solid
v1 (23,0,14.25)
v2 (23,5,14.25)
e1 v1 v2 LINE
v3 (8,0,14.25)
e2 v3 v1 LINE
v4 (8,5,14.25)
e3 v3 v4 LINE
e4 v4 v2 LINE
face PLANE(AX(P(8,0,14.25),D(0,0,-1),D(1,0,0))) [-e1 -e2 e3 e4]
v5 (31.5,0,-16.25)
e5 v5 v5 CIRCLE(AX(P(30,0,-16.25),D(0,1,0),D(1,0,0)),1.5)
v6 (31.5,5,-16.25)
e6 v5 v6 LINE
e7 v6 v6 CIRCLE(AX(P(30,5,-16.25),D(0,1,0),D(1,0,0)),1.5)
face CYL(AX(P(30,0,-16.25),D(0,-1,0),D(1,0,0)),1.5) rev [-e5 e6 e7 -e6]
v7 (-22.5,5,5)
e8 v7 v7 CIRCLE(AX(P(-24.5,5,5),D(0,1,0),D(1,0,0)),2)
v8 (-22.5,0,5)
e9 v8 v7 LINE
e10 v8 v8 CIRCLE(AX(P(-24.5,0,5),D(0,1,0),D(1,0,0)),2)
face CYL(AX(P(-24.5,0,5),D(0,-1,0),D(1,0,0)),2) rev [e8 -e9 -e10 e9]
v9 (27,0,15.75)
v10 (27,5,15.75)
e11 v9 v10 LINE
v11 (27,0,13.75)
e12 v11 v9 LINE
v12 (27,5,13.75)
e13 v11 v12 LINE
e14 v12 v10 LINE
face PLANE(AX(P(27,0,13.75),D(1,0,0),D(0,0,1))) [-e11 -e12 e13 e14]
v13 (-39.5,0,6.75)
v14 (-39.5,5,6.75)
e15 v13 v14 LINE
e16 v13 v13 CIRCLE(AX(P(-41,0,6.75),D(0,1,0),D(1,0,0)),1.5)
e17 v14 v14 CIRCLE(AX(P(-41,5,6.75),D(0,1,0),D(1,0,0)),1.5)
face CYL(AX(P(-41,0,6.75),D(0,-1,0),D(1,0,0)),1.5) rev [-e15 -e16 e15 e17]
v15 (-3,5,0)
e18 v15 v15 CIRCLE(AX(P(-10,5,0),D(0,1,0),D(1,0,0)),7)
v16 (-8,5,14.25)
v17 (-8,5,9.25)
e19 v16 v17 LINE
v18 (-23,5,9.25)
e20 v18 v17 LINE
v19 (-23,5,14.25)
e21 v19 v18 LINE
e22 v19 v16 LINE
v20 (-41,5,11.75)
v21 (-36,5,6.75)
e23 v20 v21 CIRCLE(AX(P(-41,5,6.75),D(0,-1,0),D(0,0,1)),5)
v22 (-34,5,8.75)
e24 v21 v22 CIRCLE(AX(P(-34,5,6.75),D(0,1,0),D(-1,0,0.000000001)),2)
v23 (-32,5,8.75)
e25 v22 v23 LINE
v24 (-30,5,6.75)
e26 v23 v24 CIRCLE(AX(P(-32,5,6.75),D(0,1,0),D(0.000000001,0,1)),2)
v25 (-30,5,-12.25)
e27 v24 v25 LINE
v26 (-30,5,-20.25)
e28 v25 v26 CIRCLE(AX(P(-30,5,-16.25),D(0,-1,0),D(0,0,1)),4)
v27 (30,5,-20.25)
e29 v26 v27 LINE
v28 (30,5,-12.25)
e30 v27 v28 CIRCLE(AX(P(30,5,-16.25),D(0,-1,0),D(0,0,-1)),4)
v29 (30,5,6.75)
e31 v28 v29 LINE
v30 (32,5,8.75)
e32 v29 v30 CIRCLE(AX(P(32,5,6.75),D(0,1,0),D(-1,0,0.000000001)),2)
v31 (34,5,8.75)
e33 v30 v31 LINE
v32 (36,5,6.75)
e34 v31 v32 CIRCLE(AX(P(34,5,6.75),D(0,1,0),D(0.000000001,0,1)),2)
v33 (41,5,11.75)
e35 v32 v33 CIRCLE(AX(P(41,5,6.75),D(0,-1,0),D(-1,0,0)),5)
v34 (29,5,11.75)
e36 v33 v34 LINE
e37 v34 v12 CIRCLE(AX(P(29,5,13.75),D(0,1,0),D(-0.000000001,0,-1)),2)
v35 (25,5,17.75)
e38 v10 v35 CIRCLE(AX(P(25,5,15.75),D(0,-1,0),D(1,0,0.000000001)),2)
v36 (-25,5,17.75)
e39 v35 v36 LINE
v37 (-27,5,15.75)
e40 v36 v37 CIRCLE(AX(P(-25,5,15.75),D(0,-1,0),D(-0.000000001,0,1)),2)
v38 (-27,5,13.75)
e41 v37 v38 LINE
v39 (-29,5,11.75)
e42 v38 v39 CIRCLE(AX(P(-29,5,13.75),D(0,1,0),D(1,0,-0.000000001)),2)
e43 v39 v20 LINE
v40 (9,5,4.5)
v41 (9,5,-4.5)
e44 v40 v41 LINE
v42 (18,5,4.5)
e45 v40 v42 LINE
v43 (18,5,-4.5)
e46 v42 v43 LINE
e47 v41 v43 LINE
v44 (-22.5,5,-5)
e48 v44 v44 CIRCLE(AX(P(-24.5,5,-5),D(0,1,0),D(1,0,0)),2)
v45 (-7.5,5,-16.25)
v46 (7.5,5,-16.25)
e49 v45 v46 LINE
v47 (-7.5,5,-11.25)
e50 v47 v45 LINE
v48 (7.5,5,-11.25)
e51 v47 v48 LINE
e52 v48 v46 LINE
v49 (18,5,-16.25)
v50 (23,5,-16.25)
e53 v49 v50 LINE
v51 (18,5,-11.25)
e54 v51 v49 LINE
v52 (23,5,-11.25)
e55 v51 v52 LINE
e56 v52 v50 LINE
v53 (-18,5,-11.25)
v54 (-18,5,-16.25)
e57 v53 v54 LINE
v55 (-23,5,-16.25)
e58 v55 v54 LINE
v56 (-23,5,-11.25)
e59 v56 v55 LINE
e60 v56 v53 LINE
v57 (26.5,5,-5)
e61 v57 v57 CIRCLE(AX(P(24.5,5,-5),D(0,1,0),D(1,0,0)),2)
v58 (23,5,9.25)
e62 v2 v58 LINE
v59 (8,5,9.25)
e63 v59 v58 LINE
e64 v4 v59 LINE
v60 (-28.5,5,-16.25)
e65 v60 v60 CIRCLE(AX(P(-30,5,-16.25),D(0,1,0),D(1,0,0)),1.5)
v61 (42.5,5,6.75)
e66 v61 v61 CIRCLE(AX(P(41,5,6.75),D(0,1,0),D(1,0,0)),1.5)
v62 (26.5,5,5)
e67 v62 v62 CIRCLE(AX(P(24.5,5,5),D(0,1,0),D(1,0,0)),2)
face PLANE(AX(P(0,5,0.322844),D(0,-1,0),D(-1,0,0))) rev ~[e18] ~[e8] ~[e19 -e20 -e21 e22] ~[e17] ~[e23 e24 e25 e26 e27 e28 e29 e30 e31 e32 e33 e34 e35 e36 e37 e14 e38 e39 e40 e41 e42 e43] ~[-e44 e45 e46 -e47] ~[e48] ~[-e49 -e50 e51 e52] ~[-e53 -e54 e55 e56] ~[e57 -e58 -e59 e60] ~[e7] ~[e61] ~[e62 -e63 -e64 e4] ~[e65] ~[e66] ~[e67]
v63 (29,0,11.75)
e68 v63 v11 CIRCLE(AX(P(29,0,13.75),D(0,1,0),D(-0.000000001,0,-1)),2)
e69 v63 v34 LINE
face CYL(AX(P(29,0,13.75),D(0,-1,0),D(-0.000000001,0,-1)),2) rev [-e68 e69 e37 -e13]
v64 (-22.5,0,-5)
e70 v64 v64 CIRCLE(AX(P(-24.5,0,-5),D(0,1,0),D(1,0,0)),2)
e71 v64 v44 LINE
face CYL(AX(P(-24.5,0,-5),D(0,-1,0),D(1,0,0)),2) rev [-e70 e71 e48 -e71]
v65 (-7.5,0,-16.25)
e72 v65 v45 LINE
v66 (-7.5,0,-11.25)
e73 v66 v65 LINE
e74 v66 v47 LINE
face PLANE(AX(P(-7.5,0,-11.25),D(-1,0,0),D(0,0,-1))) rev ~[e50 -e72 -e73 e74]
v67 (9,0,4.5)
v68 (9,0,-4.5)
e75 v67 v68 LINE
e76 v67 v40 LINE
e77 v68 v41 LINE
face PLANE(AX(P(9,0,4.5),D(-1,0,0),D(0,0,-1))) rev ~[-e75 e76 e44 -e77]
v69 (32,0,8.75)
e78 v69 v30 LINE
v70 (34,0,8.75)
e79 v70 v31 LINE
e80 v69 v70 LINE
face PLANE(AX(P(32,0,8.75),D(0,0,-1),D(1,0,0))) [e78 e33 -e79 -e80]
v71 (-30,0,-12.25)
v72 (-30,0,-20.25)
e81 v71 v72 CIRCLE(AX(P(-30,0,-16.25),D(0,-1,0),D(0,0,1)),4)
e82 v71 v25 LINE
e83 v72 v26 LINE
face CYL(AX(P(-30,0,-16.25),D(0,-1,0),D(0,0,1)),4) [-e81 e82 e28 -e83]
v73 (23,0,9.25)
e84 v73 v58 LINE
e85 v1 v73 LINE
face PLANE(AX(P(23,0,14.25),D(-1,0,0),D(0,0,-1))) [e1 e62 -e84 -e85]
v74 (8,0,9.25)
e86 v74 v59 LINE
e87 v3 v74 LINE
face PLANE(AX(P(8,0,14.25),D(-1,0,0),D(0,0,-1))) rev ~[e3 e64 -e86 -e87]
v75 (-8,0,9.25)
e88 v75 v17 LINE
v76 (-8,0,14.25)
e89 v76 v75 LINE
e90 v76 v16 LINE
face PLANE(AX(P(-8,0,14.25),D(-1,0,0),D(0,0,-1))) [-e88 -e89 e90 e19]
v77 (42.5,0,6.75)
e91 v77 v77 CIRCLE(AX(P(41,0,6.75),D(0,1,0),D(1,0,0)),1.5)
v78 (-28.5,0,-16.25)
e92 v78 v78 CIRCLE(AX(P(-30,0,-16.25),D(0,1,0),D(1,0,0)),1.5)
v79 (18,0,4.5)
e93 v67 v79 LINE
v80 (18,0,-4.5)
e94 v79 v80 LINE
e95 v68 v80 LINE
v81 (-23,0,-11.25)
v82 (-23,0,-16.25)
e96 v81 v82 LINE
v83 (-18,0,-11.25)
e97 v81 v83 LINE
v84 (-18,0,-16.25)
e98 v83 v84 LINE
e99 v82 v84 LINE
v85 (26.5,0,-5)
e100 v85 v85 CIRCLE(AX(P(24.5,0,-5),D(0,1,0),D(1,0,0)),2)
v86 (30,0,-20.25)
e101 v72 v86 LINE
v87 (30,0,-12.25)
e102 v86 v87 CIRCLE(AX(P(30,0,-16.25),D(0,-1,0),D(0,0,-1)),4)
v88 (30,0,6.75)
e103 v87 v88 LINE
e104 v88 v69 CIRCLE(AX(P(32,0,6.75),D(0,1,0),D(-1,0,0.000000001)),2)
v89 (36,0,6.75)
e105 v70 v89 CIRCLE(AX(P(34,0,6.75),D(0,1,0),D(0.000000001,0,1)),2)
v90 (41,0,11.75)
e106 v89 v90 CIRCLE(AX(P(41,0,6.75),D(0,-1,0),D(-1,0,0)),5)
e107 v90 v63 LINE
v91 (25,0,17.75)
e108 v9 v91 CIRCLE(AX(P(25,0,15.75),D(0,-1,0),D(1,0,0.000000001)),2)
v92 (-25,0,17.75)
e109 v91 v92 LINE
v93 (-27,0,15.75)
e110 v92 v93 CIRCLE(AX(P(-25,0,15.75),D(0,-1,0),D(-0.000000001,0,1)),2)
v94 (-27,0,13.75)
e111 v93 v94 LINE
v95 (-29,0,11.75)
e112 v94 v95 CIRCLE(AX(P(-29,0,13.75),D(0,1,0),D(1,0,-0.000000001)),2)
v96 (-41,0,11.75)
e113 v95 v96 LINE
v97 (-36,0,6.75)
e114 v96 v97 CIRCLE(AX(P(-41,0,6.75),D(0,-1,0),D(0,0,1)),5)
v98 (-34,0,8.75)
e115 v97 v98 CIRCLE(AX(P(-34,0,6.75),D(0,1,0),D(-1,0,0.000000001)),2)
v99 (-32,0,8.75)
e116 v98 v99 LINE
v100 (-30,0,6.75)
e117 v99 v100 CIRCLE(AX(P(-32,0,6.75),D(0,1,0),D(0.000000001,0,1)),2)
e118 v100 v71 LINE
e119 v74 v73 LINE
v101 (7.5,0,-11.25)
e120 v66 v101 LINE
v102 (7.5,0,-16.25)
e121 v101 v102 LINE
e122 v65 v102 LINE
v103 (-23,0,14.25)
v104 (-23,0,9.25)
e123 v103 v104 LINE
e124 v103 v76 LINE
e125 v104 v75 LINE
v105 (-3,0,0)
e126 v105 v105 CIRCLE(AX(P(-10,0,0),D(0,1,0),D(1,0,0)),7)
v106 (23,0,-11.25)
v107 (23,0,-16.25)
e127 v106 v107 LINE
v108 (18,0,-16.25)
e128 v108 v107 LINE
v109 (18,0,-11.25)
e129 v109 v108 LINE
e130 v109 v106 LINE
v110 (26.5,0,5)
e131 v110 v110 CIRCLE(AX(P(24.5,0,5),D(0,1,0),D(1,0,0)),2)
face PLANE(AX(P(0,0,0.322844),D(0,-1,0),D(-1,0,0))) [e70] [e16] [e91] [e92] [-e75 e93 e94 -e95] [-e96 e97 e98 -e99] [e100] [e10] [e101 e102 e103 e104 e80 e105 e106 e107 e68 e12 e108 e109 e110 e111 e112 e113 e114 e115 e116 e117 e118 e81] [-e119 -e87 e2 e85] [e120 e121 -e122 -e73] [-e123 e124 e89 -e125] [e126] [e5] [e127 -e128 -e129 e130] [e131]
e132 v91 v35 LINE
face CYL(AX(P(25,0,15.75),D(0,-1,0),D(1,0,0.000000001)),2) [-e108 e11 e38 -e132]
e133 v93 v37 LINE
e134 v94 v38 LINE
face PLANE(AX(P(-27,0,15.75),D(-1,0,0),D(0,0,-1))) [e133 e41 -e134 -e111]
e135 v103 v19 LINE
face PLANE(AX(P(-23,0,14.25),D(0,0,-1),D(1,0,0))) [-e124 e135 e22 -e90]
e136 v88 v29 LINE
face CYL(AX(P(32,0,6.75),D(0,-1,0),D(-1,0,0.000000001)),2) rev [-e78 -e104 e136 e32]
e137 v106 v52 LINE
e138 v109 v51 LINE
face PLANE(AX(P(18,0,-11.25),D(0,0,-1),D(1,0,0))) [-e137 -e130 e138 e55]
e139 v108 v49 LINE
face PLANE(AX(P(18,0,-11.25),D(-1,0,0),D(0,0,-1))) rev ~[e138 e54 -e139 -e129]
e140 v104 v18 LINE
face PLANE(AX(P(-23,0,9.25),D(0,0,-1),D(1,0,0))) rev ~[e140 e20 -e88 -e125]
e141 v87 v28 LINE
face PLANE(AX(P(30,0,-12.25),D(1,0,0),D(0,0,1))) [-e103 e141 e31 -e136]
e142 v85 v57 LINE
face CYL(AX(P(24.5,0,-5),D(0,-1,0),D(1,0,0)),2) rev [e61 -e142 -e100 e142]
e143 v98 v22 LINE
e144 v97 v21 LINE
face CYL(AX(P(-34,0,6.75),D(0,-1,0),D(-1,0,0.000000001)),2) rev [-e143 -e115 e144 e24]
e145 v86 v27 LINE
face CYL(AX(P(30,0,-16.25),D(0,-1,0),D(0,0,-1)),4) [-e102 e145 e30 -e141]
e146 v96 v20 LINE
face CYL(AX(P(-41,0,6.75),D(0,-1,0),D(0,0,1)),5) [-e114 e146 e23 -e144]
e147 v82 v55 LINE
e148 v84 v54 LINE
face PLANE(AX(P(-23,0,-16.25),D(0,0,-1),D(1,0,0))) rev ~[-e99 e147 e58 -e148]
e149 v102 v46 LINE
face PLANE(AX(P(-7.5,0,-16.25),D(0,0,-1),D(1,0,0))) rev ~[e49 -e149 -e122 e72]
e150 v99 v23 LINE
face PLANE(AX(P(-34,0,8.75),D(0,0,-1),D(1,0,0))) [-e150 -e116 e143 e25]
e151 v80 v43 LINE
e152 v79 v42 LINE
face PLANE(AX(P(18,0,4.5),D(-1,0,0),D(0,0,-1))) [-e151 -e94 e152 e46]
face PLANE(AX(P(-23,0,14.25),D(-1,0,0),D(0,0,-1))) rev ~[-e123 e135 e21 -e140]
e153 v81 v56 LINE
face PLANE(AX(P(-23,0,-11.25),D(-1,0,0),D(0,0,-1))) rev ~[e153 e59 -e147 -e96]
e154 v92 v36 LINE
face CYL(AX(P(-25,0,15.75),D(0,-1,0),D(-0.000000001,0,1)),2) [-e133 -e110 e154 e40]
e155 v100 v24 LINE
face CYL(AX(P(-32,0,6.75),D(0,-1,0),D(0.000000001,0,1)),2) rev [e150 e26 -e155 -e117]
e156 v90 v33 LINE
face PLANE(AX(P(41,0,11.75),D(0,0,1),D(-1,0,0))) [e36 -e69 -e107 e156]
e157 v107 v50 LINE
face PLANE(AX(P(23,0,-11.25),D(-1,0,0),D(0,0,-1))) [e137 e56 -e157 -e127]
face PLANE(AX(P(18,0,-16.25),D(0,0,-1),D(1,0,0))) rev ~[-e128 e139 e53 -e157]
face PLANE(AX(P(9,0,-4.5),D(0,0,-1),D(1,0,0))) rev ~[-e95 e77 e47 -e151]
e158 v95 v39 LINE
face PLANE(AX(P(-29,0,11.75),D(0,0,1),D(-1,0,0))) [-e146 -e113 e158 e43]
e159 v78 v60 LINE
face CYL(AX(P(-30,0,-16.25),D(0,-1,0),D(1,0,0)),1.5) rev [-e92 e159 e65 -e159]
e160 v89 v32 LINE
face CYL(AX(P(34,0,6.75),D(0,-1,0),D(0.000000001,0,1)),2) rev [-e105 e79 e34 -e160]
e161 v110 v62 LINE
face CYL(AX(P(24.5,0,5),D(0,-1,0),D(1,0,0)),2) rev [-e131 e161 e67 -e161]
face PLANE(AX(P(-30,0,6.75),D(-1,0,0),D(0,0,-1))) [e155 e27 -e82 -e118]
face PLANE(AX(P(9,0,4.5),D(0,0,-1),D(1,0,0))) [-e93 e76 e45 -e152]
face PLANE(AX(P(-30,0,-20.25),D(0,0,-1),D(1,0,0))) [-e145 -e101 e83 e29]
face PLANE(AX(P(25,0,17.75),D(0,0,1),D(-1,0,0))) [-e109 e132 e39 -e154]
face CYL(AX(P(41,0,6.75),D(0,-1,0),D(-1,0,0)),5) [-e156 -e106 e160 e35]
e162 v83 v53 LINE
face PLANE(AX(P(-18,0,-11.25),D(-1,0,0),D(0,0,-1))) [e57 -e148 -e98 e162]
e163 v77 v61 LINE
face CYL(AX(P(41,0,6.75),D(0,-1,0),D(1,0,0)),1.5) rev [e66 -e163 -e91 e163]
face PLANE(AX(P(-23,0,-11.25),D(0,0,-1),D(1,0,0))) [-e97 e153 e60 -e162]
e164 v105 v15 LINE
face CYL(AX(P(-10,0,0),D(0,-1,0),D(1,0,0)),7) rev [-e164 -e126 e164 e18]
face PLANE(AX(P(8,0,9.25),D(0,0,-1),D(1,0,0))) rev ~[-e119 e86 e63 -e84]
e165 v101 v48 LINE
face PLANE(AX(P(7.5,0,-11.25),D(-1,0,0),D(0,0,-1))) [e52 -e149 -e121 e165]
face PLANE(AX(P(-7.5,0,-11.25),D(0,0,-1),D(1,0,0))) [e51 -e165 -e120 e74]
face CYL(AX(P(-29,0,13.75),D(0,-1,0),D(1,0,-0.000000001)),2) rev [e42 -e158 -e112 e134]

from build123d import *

# Parameters (mm, degrees)
SKETCH1_R           = 7
SKETCH1_R_2         = 1.5
SKETCH1_R_3         = 2
SKETCH1_W           = 5
SKETCH1_H           = 5
SKETCH1_W_2         = 15
SKETCH1_W_3         = 9
SKETCH1_H_2         = 9
BOSS_EXTRUDE1_DEPTH = 5


with BuildPart() as part:
    # Sketch1 → Boss-Extrude1 (new body)
    with BuildSketch(Plane(origin=(0, 0, 0), x_dir=(1, 0, 0), z_dir=(0, 1, 0))):
        with BuildLine():
            Line((-29, -11.75), (-30, -11.75))
            Line((-30, -11.75), (-41, -11.75))
            ThreePointArc((-41, -11.75), (-44.535533906, -3.214466094), (-36, -6.75))
            ThreePointArc((-36, -6.75), (-35.414213562, -8.164213562), (-34, -8.75))
            Line((-34, -8.75), (-32, -8.75))
            ThreePointArc((-32, -8.75), (-30.585786438, -8.164213562), (-30, -6.75))
            Line((-30, -6.75), (-30, 12.25))
            ThreePointArc((-30, 12.25), (-34, 16.25), (-30, 20.25))
            Line((-30, 20.25), (30, 20.25))
            ThreePointArc((30, 20.25), (34, 16.25), (30, 12.25))
            Line((30, 12.25), (30, -6.75))
            ThreePointArc((30, -6.75), (30.585786438, -8.164213562), (32, -8.75))
            Line((32, -8.75), (34, -8.75))
            ThreePointArc((34, -8.75), (35.414213562, -8.164213562), (36, -6.75))
            ThreePointArc((36, -6.75), (44.535533906, -3.214466094), (41, -11.75))
            Line((41, -11.75), (30, -11.75))
            Line((30, -11.75), (29, -11.75))
            ThreePointArc((29, -11.75), (27.585786438, -12.335786438), (27, -13.75))
            Line((27, -13.75), (27, -15.75))
            ThreePointArc((27, -15.75), (26.414213562, -17.164213562), (25, -17.75))
            Line((25, -17.75), (-25, -17.75))
            ThreePointArc((-25, -17.75), (-26.414213562, -17.164213562), (-27, -15.75))
            Line((-27, -15.75), (-27, -13.75))
            ThreePointArc((-27, -13.75), (-27.585786438, -12.335786438), (-29, -11.75))
        make_face()
        with Locations((-10, 0)):
            Circle(SKETCH1_R, mode=Mode.SUBTRACT)
        with Locations((-30, 16.25)):
            Circle(SKETCH1_R_2, mode=Mode.SUBTRACT)
        with Locations((30, 16.25)):
            Circle(SKETCH1_R_2, mode=Mode.SUBTRACT)
        with Locations((41, -6.75)):
            Circle(SKETCH1_R_2, mode=Mode.SUBTRACT)
        with Locations((-41, -6.75)):
            Circle(SKETCH1_R_2, mode=Mode.SUBTRACT)
        with Locations((-24.5, -5)):
            Circle(SKETCH1_R_3, mode=Mode.SUBTRACT)
        with Locations((24.5, -5)):
            Circle(SKETCH1_R_3, mode=Mode.SUBTRACT)
        with Locations((-24.5, 5)):
            Circle(SKETCH1_R_3, mode=Mode.SUBTRACT)
        with Locations((24.5, 5)):
            Circle(SKETCH1_R_3, mode=Mode.SUBTRACT)
        with Locations((-20.5, 13.75)):
            Rectangle(SKETCH1_W, SKETCH1_H, mode=Mode.SUBTRACT)
        with Locations((0, 13.75)):
            Rectangle(SKETCH1_W_2, SKETCH1_H, mode=Mode.SUBTRACT)
        with Locations((20.5, 13.75)):
            Rectangle(SKETCH1_W, SKETCH1_H, mode=Mode.SUBTRACT)
        with Locations((-15.5, -11.75)):
            Rectangle(SKETCH1_W_2, SKETCH1_H, mode=Mode.SUBTRACT)
        with Locations((15.5, -11.75)):
            Rectangle(SKETCH1_W_2, SKETCH1_H, mode=Mode.SUBTRACT)
        with Locations((13.5, 0)):
            Rectangle(SKETCH1_W_3, SKETCH1_H_2, mode=Mode.SUBTRACT)
    extrude(amount=BOSS_EXTRUDE1_DEPTH)


solid = part.part
